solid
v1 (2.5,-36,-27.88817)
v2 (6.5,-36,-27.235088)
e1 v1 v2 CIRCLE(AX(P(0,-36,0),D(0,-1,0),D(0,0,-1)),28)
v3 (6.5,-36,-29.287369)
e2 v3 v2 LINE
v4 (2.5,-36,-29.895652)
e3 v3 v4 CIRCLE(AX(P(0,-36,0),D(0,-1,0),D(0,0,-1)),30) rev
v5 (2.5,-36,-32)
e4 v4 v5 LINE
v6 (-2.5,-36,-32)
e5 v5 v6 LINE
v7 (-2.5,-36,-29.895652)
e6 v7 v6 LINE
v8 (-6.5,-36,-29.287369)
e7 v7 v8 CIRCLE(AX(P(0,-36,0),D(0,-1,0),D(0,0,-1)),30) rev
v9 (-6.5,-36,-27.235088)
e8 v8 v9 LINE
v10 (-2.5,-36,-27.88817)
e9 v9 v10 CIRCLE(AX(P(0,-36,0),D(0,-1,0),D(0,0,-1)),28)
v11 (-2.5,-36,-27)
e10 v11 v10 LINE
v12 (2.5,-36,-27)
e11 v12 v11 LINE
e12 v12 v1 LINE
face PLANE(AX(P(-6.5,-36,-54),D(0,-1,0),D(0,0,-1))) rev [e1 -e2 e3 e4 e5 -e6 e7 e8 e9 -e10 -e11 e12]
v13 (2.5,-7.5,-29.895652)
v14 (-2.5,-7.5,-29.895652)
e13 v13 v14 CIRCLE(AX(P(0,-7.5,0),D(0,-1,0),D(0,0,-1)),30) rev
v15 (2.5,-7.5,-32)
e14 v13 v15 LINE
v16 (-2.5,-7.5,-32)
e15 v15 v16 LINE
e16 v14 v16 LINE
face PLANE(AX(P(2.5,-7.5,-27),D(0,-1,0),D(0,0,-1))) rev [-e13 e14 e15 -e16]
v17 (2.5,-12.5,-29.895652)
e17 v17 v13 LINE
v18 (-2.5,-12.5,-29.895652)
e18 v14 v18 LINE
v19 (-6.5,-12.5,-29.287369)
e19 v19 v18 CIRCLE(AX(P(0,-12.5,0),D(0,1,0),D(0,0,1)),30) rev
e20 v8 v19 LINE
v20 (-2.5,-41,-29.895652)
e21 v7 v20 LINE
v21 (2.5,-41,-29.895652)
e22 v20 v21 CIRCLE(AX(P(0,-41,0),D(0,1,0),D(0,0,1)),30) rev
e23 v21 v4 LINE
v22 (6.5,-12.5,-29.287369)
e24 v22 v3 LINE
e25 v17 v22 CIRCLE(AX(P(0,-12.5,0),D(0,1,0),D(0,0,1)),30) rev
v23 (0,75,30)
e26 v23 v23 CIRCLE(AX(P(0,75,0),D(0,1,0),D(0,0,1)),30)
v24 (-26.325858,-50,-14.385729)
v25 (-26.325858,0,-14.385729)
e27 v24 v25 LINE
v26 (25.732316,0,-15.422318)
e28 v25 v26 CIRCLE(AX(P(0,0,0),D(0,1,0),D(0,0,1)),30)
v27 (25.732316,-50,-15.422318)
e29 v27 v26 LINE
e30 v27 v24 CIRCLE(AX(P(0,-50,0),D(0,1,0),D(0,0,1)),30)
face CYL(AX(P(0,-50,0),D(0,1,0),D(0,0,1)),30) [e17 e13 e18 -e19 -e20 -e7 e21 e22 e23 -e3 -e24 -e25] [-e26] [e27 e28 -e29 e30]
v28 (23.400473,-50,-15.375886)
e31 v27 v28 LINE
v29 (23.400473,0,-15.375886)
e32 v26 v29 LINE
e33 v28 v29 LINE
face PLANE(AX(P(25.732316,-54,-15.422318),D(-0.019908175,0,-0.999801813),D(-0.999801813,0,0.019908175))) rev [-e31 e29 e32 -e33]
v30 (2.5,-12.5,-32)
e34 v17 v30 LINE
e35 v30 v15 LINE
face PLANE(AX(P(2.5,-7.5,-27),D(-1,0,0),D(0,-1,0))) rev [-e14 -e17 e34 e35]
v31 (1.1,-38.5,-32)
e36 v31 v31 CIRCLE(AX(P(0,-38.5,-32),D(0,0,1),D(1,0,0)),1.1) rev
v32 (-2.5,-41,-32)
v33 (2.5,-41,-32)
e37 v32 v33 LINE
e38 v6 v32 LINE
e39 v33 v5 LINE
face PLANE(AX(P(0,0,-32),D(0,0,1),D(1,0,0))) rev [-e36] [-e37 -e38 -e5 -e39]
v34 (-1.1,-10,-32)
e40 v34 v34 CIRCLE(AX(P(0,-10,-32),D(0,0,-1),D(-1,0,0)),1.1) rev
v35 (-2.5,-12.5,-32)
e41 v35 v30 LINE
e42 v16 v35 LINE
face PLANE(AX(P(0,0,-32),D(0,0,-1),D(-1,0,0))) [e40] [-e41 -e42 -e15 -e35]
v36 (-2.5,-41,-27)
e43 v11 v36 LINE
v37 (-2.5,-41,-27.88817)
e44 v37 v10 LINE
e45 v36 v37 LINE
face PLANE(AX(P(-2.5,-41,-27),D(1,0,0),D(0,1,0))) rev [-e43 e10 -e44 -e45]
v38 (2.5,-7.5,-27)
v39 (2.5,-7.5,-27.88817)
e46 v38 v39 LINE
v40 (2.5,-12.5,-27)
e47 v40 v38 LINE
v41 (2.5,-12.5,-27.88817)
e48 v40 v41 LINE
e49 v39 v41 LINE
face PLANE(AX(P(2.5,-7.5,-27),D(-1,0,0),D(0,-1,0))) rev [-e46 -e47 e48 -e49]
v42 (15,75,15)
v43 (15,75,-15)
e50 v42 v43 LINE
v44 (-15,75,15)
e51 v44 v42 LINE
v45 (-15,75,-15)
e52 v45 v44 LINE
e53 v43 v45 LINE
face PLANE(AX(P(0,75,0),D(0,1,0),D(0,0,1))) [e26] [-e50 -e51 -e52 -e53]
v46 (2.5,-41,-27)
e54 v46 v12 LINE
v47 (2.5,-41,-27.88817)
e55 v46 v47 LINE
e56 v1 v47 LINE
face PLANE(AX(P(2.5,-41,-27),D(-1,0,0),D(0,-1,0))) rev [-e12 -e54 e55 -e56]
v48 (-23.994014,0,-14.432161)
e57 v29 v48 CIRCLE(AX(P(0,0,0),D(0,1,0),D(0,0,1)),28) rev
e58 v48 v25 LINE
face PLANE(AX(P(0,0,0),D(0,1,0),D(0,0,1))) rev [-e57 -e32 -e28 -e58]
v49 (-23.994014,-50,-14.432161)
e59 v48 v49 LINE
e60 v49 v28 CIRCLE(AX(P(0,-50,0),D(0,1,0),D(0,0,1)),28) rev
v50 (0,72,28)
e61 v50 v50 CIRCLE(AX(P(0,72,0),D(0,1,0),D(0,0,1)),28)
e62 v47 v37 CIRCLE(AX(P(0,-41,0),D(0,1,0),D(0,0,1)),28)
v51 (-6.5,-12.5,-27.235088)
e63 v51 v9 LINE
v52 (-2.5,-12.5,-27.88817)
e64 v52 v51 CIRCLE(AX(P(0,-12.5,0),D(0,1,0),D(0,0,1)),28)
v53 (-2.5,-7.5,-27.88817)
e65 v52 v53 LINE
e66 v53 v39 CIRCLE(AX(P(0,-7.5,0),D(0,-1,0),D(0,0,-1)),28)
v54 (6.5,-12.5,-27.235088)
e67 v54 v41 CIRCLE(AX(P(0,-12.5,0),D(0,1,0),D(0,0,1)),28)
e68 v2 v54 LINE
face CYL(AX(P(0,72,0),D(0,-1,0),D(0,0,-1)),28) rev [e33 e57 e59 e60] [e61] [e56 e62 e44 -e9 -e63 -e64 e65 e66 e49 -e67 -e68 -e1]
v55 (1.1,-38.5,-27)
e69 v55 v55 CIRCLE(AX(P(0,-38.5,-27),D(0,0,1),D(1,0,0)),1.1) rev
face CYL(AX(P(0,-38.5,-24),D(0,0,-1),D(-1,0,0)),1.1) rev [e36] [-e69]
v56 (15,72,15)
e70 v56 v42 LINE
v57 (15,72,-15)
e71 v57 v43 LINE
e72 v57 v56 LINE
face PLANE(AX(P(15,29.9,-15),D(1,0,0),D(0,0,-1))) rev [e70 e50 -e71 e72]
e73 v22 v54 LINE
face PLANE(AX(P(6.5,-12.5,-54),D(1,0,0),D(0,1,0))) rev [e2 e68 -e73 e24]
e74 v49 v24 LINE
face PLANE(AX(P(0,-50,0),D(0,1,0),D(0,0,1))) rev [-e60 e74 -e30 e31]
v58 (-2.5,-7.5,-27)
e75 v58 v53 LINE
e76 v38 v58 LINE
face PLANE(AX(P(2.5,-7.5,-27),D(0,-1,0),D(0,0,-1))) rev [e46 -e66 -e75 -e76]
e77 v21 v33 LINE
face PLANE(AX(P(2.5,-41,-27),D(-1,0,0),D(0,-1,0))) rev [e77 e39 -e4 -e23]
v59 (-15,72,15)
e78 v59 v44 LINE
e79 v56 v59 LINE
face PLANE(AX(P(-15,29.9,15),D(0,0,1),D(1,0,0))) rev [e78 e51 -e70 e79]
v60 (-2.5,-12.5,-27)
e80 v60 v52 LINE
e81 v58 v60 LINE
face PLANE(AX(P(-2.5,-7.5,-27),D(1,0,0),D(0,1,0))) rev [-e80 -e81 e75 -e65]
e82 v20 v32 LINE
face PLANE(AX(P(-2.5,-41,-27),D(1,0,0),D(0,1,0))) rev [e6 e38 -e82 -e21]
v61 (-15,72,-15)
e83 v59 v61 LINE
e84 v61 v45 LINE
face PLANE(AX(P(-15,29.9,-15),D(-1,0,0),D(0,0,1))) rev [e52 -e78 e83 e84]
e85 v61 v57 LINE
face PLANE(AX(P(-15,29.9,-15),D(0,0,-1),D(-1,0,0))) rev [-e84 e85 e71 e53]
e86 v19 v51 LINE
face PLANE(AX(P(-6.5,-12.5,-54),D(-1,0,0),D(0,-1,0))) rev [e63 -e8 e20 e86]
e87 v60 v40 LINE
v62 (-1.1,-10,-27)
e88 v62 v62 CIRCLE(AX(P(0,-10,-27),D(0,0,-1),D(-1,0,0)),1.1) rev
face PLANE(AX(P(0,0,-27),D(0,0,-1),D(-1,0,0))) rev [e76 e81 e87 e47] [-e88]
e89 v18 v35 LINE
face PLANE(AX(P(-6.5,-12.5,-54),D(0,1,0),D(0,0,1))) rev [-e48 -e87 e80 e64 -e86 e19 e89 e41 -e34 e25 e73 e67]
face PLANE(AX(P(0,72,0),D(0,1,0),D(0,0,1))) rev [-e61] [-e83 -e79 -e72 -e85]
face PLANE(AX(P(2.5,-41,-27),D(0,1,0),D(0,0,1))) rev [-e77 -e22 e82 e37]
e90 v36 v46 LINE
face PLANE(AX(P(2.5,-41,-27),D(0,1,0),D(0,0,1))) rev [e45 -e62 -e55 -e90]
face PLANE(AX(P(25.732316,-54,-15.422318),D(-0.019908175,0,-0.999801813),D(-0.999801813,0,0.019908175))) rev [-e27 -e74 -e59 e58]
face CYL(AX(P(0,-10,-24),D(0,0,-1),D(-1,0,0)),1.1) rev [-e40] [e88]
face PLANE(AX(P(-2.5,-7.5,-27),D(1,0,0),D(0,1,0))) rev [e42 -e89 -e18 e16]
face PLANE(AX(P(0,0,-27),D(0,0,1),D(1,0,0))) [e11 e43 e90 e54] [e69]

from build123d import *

# Parameters (mm, degrees)
EXTRUDE_1_DEPTH           = 75
EXTRUDE_1_DEPTH_BACK      = 50
SKETCH_1_R                = 30
SKETCH_10_W               = 30
SKETCH_10_H               = 30
CUT_EXTRUDE_8_DEPTH       = 45.1
CUT_EXTRUDE_9_DEPTH       = 10
CUT_EXTRUDE_9_DEPTH_BACK  = 113
SKETCH_10_2_W             = 30
SKETCH_10_2_H             = 30
CUT_EXTRUDE_10_DEPTH      = 54
CUT_EXTRUDE_11_DEPTH      = 72
CUT_EXTRUDE_11_DEPTH_BACK = 55
SKETCH_12_R               = 28
SKETCH_13_W               = 13
SKETCH_13_H               = 23.5
CUT_EXTRUDE_12_DEPTH      = 54
EXTRUDE_2_DEPTH           = 1
EXTRUDE_2_DEPTH_BACK      = 4
SKETCH_14_W               = 5
SKETCH_14_H               = 5
CUT_EXTRUDE_13_DEPTH      = 4
CUT_EXTRUDE_13_DEPTH_BACK = 5
SKETCH_15_R               = 1.1


with BuildPart() as part:
    # 草圖1 → 填料-伸長1 (new, two sides: drawn at the far end of the back side and taken through both)
    with BuildSketch(Plane(origin=(0, 0, 0), x_dir=(1, 0, 0), z_dir=(0, 1, 0)).offset(-EXTRUDE_1_DEPTH_BACK)):
        Circle(SKETCH_1_R)
    extrude(amount=EXTRUDE_1_DEPTH + EXTRUDE_1_DEPTH_BACK)

    # 草圖10 → 除料-伸長8 (cut)
    with BuildSketch(Plane(origin=(0, 75, 0), x_dir=(1, 0, 0), z_dir=(0, 1, 0))):
        Rectangle(SKETCH_10_W, SKETCH_10_H)
    extrude(amount=-CUT_EXTRUDE_8_DEPTH, mode=Mode.SUBTRACT)

    # 草圖10<2> → 除料-伸長9 (cut, two sides: drawn at the far end of the back side and taken through both)
    with BuildSketch(Plane(origin=(0, 75, 0), x_dir=(1, 0, 0), z_dir=(0, 1, 0)).offset(-CUT_EXTRUDE_9_DEPTH_BACK)):
        Rectangle(SKETCH_10_2_W, SKETCH_10_2_H)
    extrude(amount=CUT_EXTRUDE_9_DEPTH + CUT_EXTRUDE_9_DEPTH_BACK, mode=Mode.SUBTRACT)

    # 草圖11 → 除料-伸長10 (cut)
    with BuildSketch(Plane(origin=(0, 0, 0), x_dir=(1, 0, 0), z_dir=(0, 1, 0))):
        with BuildLine():
            Line((25.732316415, 15.422317981), (-26.32585788, 14.385729278))
            ThreePointArc((-26.32585788, 14.385729278), (0.597245261, -29.994054379), (25.732316415, 15.422317981))
        make_face()
    extrude(amount=-CUT_EXTRUDE_10_DEPTH, mode=Mode.SUBTRACT)

    # 草圖12 → 除料-伸長11 (cut, two sides: drawn at the far end of the back side and taken through both)
    with BuildSketch(Plane(origin=(0, 0, 0), x_dir=(1, 0, 0), z_dir=(0, 1, 0)).offset(-CUT_EXTRUDE_11_DEPTH_BACK)):
        Circle(SKETCH_12_R)
    extrude(amount=CUT_EXTRUDE_11_DEPTH + CUT_EXTRUDE_11_DEPTH_BACK, mode=Mode.SUBTRACT)

    # 草圖13 → 除料-伸長12 (cut)
    with BuildSketch(Plane.XY):
        with Locations((0, -24.25)):
            Rectangle(SKETCH_13_W, SKETCH_13_H)
    extrude(amount=-CUT_EXTRUDE_12_DEPTH, mode=Mode.SUBTRACT)

    # 草圖14 → 填料-伸長2 (add, two sides: drawn at the far end of the back side and taken through both)
    with BuildSketch(Plane.XY.offset(-28).offset(-EXTRUDE_2_DEPTH_BACK)):
        with Locations((0, -38.5)):
            Rectangle(SKETCH_14_W, SKETCH_14_H)
        with Locations((0, -10)):
            Rectangle(SKETCH_14_W, SKETCH_14_H)
    extrude(amount=EXTRUDE_2_DEPTH + EXTRUDE_2_DEPTH_BACK)

    # 草圖15 → 除料-伸長13 (cut, two sides: drawn at the far end of the back side and taken through both)
    with BuildSketch(Plane.XY.offset(-28).offset(-CUT_EXTRUDE_13_DEPTH_BACK)):
        with Locations((0, -10)):
            Circle(SKETCH_15_R)
        with Locations((0, -38.5)):
            Circle(SKETCH_15_R)
    extrude(amount=CUT_EXTRUDE_13_DEPTH + CUT_EXTRUDE_13_DEPTH_BACK, mode=Mode.SUBTRACT)


solid = part.part
